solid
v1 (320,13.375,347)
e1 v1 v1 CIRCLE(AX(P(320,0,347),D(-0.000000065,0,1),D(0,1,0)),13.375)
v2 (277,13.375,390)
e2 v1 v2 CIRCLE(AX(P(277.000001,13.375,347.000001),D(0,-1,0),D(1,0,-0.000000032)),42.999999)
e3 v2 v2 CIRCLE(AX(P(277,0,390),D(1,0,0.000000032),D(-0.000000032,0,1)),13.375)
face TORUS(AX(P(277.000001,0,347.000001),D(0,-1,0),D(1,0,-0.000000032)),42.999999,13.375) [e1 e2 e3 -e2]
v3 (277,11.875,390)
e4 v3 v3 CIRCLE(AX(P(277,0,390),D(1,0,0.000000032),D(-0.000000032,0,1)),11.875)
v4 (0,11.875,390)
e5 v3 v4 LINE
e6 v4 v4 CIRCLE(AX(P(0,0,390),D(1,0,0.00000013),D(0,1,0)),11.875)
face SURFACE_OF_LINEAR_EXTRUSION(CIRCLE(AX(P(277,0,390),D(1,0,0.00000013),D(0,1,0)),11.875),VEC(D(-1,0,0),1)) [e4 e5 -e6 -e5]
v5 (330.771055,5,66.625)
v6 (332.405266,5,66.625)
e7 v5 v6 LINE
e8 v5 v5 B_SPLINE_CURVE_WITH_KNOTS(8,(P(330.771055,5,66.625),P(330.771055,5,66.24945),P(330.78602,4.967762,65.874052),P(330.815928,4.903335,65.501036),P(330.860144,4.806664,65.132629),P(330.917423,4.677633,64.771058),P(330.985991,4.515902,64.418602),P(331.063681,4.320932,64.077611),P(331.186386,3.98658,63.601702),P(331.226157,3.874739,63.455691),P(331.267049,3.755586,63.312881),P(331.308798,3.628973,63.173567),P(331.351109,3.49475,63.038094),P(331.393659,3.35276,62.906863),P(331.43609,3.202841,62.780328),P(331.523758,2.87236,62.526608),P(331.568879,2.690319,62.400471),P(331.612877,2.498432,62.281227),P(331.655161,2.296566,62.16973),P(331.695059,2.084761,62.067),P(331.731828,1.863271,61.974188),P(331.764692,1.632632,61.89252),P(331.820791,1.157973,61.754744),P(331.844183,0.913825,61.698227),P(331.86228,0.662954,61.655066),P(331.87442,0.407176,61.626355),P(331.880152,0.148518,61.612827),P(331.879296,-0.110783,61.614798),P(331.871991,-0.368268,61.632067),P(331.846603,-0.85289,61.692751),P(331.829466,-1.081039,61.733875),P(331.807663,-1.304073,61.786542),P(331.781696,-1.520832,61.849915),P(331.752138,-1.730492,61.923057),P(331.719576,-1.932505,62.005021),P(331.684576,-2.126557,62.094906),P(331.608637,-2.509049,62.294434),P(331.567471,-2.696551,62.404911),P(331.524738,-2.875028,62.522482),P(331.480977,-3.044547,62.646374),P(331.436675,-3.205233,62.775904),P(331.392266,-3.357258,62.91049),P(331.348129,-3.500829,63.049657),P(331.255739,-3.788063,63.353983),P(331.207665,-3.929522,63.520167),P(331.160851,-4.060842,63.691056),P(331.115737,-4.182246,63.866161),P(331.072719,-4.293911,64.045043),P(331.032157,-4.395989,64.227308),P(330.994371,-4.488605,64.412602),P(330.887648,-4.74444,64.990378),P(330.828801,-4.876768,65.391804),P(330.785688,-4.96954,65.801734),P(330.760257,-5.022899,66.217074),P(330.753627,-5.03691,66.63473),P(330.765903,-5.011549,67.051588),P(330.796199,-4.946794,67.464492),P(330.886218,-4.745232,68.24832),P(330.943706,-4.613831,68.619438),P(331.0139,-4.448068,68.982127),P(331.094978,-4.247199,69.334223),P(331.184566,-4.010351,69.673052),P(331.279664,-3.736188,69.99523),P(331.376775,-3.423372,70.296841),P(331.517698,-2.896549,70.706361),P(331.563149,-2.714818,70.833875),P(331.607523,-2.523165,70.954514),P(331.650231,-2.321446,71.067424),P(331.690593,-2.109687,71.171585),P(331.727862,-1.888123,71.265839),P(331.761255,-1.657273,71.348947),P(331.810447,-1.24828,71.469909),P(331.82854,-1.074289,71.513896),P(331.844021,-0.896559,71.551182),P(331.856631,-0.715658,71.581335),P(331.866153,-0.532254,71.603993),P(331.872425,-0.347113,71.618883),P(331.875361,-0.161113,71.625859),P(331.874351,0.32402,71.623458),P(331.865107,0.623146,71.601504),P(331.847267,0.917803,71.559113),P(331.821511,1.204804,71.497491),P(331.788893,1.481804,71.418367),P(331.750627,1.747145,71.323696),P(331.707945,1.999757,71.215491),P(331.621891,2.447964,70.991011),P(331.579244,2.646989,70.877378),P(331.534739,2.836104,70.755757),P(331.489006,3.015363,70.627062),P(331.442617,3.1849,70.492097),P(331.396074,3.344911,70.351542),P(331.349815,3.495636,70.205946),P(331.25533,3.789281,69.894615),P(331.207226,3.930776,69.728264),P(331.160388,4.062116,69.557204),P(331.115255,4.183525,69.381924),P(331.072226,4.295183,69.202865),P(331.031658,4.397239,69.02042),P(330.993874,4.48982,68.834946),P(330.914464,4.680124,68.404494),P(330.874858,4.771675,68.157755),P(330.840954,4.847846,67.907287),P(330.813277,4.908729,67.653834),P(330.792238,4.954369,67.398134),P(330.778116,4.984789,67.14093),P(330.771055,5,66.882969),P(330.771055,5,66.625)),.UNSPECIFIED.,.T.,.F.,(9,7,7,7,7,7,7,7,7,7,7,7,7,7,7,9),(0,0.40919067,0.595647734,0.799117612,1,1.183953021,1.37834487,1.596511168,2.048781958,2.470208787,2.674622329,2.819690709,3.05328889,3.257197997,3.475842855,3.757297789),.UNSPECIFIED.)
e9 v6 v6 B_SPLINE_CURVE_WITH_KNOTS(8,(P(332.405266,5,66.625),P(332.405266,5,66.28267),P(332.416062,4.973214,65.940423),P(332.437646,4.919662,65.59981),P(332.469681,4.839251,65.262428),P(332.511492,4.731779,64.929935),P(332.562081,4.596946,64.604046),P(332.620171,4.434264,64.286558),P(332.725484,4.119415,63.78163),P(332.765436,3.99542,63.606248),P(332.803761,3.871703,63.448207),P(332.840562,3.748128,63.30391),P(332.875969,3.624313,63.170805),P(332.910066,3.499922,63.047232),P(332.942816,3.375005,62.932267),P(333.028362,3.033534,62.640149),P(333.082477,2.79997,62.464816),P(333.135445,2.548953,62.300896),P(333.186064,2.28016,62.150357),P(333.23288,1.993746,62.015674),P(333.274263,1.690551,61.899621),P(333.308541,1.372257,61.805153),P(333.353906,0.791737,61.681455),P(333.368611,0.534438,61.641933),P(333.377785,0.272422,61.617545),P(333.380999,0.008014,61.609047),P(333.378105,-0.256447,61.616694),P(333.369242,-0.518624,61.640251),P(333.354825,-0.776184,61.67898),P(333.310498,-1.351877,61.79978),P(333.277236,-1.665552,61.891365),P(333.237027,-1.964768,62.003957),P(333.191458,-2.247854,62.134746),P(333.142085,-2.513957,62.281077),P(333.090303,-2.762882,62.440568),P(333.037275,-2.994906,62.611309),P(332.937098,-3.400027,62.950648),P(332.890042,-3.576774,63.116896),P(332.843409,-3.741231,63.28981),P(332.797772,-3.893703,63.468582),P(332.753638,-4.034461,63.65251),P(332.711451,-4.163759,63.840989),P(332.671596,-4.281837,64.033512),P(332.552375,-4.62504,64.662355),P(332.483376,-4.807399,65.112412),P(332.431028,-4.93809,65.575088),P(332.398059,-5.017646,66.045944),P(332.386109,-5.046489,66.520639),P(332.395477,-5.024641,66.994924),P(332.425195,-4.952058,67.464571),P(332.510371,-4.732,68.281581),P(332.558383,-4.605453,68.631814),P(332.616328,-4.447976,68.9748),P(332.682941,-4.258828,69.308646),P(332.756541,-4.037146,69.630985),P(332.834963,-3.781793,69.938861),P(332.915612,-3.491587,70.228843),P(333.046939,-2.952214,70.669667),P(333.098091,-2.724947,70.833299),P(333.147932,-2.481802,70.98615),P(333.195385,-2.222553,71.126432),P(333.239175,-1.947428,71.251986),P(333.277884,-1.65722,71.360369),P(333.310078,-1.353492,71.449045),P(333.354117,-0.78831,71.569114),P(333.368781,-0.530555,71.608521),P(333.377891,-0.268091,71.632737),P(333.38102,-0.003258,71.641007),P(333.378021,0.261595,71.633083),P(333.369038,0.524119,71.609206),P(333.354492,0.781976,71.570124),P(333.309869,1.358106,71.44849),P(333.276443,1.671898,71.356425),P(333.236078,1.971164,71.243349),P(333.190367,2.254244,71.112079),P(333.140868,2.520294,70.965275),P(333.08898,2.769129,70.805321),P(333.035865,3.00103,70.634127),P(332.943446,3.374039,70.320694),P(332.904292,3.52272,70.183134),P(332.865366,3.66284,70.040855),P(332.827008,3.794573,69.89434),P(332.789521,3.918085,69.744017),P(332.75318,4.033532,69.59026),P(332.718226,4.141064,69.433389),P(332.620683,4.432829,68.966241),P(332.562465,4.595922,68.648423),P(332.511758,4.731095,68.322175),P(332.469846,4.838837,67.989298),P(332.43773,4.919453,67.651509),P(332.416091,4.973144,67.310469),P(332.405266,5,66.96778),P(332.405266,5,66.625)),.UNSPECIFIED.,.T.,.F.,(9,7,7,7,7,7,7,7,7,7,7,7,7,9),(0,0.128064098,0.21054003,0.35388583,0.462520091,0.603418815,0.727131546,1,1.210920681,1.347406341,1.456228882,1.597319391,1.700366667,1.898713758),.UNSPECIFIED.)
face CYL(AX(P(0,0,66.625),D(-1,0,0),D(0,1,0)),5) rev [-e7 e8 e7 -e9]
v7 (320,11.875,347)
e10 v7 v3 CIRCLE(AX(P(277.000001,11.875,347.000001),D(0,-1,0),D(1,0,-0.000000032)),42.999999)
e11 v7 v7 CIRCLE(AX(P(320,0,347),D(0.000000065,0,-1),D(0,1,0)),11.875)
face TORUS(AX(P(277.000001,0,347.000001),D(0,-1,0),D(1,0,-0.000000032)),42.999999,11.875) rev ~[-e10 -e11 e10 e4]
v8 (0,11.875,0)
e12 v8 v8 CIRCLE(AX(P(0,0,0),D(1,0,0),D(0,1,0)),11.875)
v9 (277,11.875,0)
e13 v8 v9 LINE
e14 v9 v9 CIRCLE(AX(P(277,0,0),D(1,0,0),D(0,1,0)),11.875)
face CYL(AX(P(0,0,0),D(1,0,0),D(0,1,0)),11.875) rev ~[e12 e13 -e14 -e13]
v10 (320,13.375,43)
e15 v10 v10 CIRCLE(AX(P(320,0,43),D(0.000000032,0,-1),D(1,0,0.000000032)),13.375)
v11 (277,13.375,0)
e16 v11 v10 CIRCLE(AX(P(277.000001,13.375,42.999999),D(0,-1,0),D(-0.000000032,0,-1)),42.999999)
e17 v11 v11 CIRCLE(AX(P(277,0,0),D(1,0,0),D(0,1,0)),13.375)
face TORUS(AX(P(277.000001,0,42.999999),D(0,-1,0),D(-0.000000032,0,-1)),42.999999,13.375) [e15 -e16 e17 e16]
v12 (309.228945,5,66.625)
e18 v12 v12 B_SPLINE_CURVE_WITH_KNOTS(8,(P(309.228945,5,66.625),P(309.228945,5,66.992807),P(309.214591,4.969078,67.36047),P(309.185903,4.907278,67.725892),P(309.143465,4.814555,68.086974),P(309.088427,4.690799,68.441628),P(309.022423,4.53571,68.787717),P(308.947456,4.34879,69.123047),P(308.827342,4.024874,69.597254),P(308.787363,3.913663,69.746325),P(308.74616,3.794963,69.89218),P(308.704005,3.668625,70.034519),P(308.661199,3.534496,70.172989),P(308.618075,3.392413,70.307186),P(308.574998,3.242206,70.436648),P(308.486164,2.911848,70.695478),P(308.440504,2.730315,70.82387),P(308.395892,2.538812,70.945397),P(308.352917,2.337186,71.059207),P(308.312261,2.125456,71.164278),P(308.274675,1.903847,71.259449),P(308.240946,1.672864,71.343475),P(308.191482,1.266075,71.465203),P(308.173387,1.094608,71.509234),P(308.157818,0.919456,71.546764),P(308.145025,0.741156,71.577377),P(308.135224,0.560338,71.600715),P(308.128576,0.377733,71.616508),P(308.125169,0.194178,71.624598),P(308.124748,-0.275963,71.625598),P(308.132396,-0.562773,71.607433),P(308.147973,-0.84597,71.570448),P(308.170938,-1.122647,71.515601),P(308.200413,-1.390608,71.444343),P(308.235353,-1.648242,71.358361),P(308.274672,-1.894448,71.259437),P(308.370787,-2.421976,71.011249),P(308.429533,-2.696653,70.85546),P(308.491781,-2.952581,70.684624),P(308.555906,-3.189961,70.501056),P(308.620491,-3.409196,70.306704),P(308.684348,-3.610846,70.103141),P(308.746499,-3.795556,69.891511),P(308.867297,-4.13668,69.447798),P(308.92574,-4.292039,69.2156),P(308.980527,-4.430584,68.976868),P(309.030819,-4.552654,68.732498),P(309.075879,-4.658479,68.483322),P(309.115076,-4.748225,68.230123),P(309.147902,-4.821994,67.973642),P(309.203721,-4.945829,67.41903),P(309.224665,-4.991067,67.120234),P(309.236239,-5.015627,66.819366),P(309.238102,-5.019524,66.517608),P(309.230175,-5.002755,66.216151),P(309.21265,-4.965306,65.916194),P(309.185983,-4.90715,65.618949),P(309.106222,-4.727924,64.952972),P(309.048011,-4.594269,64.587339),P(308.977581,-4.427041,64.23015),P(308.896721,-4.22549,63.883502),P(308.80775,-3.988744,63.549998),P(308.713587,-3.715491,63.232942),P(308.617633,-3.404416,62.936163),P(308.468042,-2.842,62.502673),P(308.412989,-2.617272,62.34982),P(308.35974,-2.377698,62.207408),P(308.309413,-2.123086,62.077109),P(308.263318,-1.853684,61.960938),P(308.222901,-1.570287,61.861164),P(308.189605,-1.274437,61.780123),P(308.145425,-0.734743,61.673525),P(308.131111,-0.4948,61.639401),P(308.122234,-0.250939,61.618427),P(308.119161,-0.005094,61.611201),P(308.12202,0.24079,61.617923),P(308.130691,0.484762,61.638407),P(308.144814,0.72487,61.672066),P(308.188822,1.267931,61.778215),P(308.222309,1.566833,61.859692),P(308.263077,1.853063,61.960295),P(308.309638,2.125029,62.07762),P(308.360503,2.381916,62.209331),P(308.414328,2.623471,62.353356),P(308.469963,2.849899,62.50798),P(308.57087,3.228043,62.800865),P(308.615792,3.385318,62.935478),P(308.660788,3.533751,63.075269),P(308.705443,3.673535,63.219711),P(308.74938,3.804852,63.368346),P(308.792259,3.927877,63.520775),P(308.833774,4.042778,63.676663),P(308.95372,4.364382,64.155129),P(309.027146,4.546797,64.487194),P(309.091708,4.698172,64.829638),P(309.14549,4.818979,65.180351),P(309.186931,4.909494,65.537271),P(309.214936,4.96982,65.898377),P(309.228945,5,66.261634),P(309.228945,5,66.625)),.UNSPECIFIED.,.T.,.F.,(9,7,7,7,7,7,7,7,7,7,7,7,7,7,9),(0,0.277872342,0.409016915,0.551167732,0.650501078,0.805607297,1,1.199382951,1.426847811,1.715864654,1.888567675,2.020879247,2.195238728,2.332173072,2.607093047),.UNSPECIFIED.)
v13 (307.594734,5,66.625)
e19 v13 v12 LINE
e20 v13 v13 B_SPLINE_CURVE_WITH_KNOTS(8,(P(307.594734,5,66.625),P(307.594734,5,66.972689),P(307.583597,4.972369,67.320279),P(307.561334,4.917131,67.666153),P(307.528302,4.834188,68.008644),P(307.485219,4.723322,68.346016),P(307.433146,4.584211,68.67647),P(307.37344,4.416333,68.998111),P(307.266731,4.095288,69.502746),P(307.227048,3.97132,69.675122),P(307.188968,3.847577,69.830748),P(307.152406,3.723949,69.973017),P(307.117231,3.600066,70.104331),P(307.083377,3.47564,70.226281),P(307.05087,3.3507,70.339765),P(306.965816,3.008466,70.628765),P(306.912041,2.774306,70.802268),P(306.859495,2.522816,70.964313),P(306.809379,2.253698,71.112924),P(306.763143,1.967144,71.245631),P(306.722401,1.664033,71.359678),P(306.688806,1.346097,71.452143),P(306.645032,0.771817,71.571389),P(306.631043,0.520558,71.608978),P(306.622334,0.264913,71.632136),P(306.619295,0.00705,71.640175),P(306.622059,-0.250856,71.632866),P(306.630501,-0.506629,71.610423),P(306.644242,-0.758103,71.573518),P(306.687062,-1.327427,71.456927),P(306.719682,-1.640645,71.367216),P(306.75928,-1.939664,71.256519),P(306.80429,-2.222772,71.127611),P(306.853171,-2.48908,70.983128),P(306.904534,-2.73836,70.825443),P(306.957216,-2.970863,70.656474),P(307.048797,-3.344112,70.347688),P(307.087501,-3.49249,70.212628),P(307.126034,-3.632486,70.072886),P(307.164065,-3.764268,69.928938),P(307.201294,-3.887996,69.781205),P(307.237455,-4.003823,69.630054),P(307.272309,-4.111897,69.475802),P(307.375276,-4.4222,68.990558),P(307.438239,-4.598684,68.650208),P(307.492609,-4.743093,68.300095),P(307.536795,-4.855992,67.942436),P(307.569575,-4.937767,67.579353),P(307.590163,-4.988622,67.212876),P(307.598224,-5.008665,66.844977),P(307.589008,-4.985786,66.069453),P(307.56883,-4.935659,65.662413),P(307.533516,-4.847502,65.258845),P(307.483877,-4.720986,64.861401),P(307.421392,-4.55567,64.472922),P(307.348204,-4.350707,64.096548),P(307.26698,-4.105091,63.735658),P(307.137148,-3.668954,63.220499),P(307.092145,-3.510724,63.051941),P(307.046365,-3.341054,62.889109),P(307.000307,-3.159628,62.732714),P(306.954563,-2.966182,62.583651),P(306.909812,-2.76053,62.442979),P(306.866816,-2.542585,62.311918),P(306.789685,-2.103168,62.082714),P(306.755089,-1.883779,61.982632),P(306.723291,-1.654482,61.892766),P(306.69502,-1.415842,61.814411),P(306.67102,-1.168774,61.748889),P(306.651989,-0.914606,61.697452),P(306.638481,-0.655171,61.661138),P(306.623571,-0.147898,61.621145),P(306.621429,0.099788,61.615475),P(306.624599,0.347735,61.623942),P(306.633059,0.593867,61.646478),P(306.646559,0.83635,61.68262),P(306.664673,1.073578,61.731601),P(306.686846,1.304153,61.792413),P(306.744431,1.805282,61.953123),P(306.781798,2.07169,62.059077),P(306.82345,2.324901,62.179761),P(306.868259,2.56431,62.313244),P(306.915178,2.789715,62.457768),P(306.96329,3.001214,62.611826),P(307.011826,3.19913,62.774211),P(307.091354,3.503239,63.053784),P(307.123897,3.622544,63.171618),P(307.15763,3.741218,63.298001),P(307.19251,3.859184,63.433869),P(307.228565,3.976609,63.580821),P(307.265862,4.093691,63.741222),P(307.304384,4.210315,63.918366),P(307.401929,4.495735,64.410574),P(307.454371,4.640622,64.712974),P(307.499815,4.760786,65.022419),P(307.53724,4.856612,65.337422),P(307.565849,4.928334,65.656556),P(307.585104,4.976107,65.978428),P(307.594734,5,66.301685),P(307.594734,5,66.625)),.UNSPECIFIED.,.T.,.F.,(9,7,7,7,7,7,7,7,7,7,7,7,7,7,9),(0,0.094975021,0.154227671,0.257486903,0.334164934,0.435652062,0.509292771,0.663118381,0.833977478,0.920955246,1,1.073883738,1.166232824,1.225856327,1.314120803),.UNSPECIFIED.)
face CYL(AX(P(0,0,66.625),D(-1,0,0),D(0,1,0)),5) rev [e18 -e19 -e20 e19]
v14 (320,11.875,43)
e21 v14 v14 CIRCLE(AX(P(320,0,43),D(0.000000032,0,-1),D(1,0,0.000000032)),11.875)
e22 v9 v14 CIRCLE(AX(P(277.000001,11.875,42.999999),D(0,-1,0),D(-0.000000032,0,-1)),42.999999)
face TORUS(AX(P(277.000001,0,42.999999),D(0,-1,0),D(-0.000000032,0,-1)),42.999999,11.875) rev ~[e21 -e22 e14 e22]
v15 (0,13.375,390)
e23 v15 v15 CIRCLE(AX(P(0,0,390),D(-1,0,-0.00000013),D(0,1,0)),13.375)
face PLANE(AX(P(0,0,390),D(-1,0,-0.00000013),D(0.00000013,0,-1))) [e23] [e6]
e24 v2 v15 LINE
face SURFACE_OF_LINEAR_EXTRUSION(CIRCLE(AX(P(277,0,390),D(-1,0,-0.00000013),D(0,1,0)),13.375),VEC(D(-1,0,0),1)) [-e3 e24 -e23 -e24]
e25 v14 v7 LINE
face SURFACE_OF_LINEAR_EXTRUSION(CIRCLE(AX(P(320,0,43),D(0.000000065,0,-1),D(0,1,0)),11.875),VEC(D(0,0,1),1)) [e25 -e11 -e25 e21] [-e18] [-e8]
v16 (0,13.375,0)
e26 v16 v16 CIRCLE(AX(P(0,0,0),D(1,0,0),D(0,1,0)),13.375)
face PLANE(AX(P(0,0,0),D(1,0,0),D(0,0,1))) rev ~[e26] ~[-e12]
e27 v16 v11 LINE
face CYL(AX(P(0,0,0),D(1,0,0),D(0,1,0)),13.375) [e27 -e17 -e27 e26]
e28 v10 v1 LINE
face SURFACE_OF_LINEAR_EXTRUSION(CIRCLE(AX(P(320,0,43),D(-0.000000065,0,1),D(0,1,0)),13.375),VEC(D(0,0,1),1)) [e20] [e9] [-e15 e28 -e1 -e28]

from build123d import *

# Parameters (mm, degrees)
F1_R     = 13.375
F1_R_2   = 11.875
F3_R     = 5
F4_DEPTH = 333.376


with BuildPart() as f2:
    # F2: sweep along a path in F0
    with BuildLine(Plane.XZ) as f2_path:
        Line((0, 0), (277, 0))
        ThreePointArc((277, 0), (307.405592, 12.594408), (320, 43))
        Line((320, 43), (320, 347))
        ThreePointArc((320, 347), (307.405592, 377.405592), (277, 390))
        Line((277, 390), (0, 390))
    # F1 (on Right) → F2 (sweep)
    with BuildSketch(Plane.YZ):
        Circle(F1_R)
        Circle(F1_R_2, mode=Mode.SUBTRACT)
    sweep(path=f2_path.line)

    # F3 (on Right) → F4 (cut, through all)
    with BuildSketch(Plane.YZ):
        with Locations((0, 66.625)):
            Circle(F3_R)
    extrude(amount=F4_DEPTH, mode=Mode.SUBTRACT)


solid = f2.part
